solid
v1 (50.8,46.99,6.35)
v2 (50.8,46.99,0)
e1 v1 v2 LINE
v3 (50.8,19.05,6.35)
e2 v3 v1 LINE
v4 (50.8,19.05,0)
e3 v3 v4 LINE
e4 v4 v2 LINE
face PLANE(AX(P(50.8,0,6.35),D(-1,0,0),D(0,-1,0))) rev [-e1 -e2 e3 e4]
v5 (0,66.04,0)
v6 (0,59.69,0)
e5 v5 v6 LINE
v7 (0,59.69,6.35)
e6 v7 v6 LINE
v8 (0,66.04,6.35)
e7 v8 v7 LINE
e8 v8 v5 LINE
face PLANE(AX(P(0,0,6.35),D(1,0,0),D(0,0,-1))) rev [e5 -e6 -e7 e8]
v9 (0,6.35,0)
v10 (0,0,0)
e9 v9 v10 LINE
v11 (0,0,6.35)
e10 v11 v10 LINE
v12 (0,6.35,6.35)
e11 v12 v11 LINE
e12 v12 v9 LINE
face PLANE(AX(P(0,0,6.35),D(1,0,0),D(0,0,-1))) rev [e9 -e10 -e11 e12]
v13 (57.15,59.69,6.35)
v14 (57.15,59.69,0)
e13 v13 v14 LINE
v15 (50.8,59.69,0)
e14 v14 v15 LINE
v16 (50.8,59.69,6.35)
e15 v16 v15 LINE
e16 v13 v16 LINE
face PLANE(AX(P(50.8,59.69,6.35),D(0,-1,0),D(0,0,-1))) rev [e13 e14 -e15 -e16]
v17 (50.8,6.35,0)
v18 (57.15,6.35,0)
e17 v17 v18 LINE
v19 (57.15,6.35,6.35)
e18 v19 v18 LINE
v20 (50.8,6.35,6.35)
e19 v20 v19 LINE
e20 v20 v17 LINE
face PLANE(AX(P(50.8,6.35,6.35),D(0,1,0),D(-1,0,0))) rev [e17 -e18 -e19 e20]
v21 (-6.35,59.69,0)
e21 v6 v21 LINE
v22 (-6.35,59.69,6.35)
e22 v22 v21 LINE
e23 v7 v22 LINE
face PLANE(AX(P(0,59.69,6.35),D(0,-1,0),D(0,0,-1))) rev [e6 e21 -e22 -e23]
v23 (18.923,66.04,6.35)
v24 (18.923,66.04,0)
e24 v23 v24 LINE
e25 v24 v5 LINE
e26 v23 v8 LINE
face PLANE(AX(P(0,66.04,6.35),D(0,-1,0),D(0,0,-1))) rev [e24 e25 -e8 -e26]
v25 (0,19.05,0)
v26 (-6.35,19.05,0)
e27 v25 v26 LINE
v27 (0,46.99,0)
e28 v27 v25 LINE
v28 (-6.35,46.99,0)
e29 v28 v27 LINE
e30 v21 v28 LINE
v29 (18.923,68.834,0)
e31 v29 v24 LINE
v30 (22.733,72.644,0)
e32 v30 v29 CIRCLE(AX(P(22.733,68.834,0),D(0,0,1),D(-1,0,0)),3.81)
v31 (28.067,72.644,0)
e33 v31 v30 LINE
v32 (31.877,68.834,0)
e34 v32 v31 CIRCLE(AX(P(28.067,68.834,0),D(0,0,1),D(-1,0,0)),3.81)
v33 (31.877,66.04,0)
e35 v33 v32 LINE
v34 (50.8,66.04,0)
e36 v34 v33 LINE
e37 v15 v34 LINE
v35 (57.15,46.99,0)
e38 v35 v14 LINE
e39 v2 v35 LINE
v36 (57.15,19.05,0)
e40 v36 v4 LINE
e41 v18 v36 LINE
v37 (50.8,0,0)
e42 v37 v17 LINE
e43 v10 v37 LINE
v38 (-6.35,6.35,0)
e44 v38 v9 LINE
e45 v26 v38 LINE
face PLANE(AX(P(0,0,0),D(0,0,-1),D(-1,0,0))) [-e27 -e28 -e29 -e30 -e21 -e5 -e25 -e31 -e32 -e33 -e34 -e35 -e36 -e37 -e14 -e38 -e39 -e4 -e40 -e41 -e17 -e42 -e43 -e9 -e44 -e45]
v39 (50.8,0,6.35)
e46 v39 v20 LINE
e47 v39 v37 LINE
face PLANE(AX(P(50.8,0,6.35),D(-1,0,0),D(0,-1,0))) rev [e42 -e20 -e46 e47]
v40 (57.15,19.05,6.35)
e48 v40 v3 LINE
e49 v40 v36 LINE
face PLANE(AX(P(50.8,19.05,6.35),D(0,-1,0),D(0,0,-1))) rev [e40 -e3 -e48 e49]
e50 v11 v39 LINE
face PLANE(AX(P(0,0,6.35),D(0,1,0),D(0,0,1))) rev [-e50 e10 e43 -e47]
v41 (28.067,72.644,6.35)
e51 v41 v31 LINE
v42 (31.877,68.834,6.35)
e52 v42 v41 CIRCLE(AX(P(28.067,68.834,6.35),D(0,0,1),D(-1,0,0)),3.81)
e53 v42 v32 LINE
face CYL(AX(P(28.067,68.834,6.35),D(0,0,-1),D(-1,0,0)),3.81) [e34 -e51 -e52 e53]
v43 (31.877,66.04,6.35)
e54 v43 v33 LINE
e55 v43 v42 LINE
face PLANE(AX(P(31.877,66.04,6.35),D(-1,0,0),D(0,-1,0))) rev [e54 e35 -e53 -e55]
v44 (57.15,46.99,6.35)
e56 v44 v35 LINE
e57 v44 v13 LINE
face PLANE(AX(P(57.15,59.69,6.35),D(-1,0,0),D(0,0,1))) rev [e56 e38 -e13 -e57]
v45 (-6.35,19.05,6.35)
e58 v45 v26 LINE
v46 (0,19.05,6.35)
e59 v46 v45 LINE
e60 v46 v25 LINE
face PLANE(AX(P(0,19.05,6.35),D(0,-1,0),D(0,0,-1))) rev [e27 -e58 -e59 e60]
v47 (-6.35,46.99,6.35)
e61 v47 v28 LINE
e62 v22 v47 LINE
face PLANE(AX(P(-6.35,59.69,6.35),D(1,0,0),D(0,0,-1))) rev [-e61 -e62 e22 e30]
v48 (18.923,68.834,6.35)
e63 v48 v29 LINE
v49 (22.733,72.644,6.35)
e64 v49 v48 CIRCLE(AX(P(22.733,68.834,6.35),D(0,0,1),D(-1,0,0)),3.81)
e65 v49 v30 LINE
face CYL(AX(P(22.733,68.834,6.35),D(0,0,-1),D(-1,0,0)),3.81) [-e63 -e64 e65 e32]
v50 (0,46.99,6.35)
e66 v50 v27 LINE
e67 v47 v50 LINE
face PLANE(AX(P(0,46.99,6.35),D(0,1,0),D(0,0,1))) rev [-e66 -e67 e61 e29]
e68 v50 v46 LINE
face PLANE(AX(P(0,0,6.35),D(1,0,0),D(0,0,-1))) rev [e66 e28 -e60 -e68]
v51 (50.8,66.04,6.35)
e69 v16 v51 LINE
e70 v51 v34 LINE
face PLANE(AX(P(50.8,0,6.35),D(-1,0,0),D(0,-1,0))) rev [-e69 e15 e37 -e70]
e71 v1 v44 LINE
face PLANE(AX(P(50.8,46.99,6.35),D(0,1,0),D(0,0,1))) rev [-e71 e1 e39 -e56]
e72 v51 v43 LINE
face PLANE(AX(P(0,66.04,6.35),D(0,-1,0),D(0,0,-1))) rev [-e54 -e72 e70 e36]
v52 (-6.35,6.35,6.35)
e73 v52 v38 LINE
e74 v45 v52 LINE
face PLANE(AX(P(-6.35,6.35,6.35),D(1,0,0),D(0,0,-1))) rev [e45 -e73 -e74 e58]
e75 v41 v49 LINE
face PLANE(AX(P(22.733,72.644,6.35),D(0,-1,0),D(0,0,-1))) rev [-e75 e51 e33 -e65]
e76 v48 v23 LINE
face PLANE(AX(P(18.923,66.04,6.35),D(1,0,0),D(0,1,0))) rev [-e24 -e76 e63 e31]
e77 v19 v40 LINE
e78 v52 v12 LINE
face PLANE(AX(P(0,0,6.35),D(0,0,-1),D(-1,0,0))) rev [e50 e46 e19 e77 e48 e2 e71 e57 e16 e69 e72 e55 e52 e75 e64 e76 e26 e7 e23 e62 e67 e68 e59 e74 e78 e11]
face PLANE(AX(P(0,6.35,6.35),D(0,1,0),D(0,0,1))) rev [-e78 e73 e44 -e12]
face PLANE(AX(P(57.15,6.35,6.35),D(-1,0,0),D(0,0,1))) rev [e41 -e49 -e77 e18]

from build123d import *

# Parameters (mm, degrees)
SKETCH1_W           = 50.8
SKETCH1_H           = 66.04
BOSS_EXTRUDE1_DEPTH = 6.35
SKETCH2_W           = 6.35
SKETCH2_H           = 12.7
BOSS_EXTRUDE2_DEPTH = 6.35


with BuildPart() as part:
    # Sketch1 → Boss-Extrude1 (new body)
    with BuildSketch(Plane.XY):
        with Locations((25.4, 33.02)):
            Rectangle(SKETCH1_W, SKETCH1_H)
    extrude(amount=BOSS_EXTRUDE1_DEPTH)

    # Sketch2 → Boss-Extrude2 (add)
    with BuildSketch(Plane.XY):
        with Locations((-3.175, 53.34)):
            Rectangle(SKETCH2_W, SKETCH2_H)
        with Locations((-3.175, 12.7)):
            Rectangle(SKETCH2_W, SKETCH2_H)
        with Locations((53.975, 12.7)):
            Rectangle(SKETCH2_W, SKETCH2_H)
        with Locations((53.975, 53.34)):
            Rectangle(SKETCH2_W, SKETCH2_H)
        with BuildLine():
            Line((18.923, 66.04), (31.877, 66.04))
            Line((31.877, 66.04), (31.877, 68.834))
            ThreePointArc((31.877, 68.834), (30.761076836, 71.528076836), (28.067, 72.644))
            Line((28.067, 72.644), (22.733, 72.644))
            ThreePointArc((22.733, 72.644), (20.038923164, 71.528076836), (18.923, 68.834))
            Line((18.923, 68.834), (18.923, 66.04))
        make_face()
    extrude(amount=BOSS_EXTRUDE2_DEPTH)


solid = part.part
